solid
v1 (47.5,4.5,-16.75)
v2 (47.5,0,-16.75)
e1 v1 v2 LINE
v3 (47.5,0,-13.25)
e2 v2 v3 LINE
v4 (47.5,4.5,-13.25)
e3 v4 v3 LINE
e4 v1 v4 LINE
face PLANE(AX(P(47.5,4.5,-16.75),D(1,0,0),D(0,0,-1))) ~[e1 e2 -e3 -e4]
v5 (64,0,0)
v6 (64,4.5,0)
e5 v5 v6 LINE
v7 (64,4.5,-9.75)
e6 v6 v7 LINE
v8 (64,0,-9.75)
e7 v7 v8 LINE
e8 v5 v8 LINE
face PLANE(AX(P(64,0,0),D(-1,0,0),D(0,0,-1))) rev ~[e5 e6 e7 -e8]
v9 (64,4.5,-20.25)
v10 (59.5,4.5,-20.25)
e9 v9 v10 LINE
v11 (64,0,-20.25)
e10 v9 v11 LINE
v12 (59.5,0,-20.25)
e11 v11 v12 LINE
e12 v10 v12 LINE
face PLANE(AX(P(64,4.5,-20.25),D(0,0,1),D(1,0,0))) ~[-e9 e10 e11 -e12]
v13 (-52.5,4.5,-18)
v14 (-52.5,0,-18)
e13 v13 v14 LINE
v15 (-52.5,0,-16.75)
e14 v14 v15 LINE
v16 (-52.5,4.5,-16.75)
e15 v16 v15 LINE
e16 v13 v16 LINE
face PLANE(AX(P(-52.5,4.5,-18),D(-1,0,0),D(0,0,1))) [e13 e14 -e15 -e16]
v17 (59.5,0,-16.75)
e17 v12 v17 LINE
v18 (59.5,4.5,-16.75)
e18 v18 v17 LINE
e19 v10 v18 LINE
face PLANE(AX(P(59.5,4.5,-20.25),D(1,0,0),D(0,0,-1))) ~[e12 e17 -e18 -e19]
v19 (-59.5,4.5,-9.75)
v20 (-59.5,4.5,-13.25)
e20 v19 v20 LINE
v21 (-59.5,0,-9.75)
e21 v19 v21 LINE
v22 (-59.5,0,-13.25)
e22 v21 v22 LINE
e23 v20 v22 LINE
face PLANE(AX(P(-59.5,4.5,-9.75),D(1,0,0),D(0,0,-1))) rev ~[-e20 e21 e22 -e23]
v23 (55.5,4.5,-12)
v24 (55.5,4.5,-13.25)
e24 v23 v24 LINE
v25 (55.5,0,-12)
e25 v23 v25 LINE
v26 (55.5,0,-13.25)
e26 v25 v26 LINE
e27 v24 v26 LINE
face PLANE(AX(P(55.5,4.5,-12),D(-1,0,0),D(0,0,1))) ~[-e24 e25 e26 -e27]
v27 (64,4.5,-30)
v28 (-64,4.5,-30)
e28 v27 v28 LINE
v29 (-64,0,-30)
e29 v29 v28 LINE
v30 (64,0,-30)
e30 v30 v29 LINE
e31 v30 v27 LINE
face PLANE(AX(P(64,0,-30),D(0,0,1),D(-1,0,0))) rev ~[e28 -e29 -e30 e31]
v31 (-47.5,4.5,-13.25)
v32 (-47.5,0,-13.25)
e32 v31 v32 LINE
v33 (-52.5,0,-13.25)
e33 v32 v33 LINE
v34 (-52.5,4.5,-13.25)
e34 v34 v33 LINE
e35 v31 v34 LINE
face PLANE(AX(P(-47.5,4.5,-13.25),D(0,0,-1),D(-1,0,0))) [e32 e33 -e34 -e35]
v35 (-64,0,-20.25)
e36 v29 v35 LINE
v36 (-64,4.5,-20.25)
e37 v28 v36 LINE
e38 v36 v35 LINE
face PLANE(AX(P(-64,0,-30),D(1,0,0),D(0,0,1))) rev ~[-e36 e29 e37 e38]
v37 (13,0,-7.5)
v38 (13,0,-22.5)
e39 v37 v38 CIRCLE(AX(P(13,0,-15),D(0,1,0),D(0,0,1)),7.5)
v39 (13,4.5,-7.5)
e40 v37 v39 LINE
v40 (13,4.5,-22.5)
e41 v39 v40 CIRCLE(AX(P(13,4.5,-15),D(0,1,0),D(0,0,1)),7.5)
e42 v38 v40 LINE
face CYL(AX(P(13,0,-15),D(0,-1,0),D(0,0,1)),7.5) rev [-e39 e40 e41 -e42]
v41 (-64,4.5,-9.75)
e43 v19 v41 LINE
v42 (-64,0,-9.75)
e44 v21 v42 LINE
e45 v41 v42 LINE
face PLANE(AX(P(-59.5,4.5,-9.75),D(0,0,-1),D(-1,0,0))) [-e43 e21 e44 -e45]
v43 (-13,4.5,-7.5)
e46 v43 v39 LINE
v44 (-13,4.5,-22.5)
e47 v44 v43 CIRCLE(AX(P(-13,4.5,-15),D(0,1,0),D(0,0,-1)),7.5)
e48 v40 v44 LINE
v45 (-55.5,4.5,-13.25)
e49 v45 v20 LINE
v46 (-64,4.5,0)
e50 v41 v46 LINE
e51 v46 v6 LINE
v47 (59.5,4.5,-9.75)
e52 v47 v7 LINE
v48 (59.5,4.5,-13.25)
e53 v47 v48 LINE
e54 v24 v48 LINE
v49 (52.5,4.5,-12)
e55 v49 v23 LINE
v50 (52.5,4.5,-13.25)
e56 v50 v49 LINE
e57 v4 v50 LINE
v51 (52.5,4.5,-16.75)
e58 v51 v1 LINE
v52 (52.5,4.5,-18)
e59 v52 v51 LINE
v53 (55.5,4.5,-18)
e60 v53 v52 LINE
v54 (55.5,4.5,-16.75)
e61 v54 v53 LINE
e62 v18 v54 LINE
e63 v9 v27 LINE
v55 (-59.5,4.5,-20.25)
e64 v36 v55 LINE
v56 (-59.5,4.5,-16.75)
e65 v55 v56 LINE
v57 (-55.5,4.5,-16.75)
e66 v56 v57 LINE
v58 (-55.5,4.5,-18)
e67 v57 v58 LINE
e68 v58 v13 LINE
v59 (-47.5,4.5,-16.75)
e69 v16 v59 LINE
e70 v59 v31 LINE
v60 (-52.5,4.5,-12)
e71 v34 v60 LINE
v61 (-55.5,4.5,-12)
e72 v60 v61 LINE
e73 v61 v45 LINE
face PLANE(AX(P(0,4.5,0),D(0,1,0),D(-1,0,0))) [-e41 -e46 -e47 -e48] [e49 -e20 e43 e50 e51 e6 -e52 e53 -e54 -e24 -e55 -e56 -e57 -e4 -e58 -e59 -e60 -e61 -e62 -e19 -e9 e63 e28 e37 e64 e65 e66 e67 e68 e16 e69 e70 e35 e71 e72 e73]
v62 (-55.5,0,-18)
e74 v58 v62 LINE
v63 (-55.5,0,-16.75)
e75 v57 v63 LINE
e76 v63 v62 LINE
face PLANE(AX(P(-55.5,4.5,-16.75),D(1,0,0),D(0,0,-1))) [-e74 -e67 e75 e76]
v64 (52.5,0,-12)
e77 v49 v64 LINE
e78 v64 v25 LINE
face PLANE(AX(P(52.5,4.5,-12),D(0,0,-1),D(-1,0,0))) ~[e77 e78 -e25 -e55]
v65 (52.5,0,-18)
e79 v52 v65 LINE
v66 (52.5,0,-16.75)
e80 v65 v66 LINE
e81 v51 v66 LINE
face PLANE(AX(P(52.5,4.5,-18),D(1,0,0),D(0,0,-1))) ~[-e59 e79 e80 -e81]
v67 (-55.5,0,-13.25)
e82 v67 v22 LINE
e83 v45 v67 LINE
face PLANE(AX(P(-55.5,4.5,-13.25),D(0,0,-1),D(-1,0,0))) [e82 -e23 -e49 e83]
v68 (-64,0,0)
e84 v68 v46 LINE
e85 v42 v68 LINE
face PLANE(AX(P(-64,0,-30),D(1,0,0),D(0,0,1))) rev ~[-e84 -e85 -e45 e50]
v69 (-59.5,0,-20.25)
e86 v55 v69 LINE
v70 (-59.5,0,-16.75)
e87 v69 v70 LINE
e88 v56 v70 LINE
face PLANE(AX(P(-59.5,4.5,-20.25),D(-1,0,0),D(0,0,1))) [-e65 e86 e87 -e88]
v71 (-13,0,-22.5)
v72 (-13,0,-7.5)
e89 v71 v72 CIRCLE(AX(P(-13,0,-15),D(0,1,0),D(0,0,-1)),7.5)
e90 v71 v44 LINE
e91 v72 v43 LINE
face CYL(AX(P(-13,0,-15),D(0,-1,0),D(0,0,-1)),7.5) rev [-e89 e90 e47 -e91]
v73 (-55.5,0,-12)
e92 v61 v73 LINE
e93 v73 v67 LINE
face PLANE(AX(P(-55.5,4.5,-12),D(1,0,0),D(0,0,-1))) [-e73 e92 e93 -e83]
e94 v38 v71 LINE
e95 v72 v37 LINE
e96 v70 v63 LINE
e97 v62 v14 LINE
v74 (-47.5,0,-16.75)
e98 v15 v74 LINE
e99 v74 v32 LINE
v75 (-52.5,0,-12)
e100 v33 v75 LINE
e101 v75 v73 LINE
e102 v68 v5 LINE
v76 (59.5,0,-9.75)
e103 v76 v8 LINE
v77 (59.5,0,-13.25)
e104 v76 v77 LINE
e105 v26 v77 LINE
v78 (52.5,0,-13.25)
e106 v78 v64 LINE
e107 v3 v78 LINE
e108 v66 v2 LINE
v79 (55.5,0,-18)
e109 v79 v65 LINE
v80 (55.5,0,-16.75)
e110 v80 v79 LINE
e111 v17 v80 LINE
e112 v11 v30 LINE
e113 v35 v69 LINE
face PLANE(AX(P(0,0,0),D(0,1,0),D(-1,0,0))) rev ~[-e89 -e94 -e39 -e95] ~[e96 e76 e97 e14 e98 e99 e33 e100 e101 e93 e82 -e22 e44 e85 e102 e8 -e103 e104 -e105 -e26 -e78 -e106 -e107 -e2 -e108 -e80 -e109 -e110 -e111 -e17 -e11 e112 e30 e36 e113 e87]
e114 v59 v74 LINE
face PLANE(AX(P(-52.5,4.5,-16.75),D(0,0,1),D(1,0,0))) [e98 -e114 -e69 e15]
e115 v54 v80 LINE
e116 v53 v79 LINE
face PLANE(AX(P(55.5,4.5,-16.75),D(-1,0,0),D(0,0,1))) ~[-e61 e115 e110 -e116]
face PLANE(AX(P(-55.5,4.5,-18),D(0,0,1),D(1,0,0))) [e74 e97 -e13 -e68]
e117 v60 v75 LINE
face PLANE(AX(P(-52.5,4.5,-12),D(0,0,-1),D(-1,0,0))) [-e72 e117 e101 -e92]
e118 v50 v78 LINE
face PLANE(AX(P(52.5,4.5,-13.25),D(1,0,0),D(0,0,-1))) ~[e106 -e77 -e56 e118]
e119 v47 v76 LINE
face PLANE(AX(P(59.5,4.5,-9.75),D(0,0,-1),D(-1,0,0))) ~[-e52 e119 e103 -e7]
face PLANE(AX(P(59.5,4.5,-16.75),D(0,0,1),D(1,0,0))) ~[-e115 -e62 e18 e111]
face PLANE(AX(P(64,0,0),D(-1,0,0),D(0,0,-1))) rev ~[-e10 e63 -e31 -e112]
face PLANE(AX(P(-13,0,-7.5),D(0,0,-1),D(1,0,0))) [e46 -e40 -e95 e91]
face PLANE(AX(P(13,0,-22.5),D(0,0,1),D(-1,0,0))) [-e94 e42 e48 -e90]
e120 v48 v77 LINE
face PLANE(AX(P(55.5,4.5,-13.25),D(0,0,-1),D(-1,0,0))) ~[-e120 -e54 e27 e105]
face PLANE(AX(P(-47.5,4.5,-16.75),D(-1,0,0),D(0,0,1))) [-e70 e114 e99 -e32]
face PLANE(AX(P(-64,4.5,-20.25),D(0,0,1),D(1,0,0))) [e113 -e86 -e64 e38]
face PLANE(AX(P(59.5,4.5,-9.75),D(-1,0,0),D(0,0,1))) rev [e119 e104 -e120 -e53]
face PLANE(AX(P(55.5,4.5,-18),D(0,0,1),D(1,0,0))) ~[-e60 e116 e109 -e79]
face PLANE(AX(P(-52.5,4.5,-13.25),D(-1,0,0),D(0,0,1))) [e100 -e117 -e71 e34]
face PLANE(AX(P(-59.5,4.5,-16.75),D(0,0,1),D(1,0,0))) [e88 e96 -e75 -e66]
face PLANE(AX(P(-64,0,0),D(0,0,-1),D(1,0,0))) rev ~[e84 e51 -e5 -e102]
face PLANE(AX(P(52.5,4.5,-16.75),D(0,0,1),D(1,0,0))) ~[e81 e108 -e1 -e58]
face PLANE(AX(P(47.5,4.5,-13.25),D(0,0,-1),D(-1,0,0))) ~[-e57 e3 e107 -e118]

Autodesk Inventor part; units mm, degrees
ref_plane "YZ Plane" through (0, 0, 0) normal (1, 0, 0) x (0, 1, 0)
sketch "Sketch1" plane through (0, 0, 0) normal (0, 1, 0) x (-1, 0, 0)
  line L0 (64, 0) -> (-64, 0)
  line L1 (-64, 0) -> (-64, -30)
  line L2 (-64, -30) -> (64, -30)
  line L3 (64, -30) -> (64, 0)
  line L4 (13, -15) -> (-13, -15) construction
  line L5 (13, -7.5) -> (-13, -7.5)
  line L6 (-13, -22.5) -> (13, -22.5)
  arc A0 (13, -22.5) -> (13, -7.5) centre (13, -15) ccw
  arc A1 (-13, -7.5) -> (-13, -22.5) centre (-13, -15) ccw
  line L7 (13, -15) -> (64, -15) construction
  line L8 (0, -15) -> (0, -30) construction
  point P0 (0, 0)
  point P1 (0, 0)
  dimension "d0" = 128
  dimension "d1" = 30
  dimension "d2" = 15
  dimension "d3" = 26
extrude "Extrusion1" add sketch "Sketch1" along normal blind 4.5
sketch "Sketch2" plane through (0, 4.5, 0) normal (0, 1, 0) x (1, 0, 0)
  arc A0 (-13, 22.5) -> (-13, 7.5) centre (-13, 15) ccw construction
  line L0 (-13, 22.5) -> (13, 22.5) construction
  arc A1 (13, 7.5) -> (13, 22.5) centre (13, 15) ccw construction
  line L1 (13, 7.5) -> (-13, 7.5) construction
  line L2 (-64, 0) -> (64, 0) construction
  line L3 (64, 0) -> (64, 30) construction
  line L4 (64, 30) -> (-64, 30) construction
  line L5 (-64, 30) -> (-64, 0) construction
  line L6 (-64, 20.25) -> (-59.5, 20.25)
  line L7 (-59.5, 20.25) -> (-59.5, 16.75)
  line L8 (-59.5, 16.75) -> (-55.5, 16.75)
  line L9 (-55.5, 16.75) -> (-55.5, 18)
  line L10 (-55.5, 18) -> (-52.5, 18)
  line L11 (-52.5, 18) -> (-52.5, 16.75)
  line L12 (-52.5, 16.75) -> (-47.5, 16.75)
  line L13 (-47.5, 16.75) -> (-47.5, 13.25)
  line L14 (-47.5, 13.25) -> (-52.5, 13.25)
  line L15 (-52.5, 13.25) -> (-52.5, 12)
  line L16 (-52.5, 12) -> (-55.5, 12)
  line L17 (-55.5, 12) -> (-55.5, 13.25)
  line L18 (-55.5, 13.25) -> (-59.5, 13.25)
  line L19 (-59.5, 9.75) -> (-64, 9.75)
  line L20 (-59.5, 9.75) -> (-59.5, 13.25)
  line L21 (-64, 15) -> (-47.5, 15) construction
  line L22 (-64, 20.25) -> (-64, 9.75)
  line L23 (-64, 30) -> (-64, 0) projected
  dimension "d6" = 10.5
  dimension "d7" = 4
  dimension "d8" = 3
  dimension "d9" = 5
  dimension "d10" = 3.5
  dimension "d11" = 6
  dimension "d12" = 4.5
extrude "Extrusion2" cut sketch "Sketch2" against normal through all
mirror "Mirror1" about plane through (0, 0, 0) normal (1, 0, 0) of "Extrusion2"
ref_plane "Work Plane1" through (-13, 0, -15) normal (0, 0, 1) x (1, 0, 0)
ref_plane "Work Plane2" through (0, 2.25, 0) normal (0, 1, 0) x (-1, 0, 0)
equation "\"d16\" = 0.5 * THICKNESS"
equation "\"THICKNESS\" = 4.5"
properties part number "A8-0006"
